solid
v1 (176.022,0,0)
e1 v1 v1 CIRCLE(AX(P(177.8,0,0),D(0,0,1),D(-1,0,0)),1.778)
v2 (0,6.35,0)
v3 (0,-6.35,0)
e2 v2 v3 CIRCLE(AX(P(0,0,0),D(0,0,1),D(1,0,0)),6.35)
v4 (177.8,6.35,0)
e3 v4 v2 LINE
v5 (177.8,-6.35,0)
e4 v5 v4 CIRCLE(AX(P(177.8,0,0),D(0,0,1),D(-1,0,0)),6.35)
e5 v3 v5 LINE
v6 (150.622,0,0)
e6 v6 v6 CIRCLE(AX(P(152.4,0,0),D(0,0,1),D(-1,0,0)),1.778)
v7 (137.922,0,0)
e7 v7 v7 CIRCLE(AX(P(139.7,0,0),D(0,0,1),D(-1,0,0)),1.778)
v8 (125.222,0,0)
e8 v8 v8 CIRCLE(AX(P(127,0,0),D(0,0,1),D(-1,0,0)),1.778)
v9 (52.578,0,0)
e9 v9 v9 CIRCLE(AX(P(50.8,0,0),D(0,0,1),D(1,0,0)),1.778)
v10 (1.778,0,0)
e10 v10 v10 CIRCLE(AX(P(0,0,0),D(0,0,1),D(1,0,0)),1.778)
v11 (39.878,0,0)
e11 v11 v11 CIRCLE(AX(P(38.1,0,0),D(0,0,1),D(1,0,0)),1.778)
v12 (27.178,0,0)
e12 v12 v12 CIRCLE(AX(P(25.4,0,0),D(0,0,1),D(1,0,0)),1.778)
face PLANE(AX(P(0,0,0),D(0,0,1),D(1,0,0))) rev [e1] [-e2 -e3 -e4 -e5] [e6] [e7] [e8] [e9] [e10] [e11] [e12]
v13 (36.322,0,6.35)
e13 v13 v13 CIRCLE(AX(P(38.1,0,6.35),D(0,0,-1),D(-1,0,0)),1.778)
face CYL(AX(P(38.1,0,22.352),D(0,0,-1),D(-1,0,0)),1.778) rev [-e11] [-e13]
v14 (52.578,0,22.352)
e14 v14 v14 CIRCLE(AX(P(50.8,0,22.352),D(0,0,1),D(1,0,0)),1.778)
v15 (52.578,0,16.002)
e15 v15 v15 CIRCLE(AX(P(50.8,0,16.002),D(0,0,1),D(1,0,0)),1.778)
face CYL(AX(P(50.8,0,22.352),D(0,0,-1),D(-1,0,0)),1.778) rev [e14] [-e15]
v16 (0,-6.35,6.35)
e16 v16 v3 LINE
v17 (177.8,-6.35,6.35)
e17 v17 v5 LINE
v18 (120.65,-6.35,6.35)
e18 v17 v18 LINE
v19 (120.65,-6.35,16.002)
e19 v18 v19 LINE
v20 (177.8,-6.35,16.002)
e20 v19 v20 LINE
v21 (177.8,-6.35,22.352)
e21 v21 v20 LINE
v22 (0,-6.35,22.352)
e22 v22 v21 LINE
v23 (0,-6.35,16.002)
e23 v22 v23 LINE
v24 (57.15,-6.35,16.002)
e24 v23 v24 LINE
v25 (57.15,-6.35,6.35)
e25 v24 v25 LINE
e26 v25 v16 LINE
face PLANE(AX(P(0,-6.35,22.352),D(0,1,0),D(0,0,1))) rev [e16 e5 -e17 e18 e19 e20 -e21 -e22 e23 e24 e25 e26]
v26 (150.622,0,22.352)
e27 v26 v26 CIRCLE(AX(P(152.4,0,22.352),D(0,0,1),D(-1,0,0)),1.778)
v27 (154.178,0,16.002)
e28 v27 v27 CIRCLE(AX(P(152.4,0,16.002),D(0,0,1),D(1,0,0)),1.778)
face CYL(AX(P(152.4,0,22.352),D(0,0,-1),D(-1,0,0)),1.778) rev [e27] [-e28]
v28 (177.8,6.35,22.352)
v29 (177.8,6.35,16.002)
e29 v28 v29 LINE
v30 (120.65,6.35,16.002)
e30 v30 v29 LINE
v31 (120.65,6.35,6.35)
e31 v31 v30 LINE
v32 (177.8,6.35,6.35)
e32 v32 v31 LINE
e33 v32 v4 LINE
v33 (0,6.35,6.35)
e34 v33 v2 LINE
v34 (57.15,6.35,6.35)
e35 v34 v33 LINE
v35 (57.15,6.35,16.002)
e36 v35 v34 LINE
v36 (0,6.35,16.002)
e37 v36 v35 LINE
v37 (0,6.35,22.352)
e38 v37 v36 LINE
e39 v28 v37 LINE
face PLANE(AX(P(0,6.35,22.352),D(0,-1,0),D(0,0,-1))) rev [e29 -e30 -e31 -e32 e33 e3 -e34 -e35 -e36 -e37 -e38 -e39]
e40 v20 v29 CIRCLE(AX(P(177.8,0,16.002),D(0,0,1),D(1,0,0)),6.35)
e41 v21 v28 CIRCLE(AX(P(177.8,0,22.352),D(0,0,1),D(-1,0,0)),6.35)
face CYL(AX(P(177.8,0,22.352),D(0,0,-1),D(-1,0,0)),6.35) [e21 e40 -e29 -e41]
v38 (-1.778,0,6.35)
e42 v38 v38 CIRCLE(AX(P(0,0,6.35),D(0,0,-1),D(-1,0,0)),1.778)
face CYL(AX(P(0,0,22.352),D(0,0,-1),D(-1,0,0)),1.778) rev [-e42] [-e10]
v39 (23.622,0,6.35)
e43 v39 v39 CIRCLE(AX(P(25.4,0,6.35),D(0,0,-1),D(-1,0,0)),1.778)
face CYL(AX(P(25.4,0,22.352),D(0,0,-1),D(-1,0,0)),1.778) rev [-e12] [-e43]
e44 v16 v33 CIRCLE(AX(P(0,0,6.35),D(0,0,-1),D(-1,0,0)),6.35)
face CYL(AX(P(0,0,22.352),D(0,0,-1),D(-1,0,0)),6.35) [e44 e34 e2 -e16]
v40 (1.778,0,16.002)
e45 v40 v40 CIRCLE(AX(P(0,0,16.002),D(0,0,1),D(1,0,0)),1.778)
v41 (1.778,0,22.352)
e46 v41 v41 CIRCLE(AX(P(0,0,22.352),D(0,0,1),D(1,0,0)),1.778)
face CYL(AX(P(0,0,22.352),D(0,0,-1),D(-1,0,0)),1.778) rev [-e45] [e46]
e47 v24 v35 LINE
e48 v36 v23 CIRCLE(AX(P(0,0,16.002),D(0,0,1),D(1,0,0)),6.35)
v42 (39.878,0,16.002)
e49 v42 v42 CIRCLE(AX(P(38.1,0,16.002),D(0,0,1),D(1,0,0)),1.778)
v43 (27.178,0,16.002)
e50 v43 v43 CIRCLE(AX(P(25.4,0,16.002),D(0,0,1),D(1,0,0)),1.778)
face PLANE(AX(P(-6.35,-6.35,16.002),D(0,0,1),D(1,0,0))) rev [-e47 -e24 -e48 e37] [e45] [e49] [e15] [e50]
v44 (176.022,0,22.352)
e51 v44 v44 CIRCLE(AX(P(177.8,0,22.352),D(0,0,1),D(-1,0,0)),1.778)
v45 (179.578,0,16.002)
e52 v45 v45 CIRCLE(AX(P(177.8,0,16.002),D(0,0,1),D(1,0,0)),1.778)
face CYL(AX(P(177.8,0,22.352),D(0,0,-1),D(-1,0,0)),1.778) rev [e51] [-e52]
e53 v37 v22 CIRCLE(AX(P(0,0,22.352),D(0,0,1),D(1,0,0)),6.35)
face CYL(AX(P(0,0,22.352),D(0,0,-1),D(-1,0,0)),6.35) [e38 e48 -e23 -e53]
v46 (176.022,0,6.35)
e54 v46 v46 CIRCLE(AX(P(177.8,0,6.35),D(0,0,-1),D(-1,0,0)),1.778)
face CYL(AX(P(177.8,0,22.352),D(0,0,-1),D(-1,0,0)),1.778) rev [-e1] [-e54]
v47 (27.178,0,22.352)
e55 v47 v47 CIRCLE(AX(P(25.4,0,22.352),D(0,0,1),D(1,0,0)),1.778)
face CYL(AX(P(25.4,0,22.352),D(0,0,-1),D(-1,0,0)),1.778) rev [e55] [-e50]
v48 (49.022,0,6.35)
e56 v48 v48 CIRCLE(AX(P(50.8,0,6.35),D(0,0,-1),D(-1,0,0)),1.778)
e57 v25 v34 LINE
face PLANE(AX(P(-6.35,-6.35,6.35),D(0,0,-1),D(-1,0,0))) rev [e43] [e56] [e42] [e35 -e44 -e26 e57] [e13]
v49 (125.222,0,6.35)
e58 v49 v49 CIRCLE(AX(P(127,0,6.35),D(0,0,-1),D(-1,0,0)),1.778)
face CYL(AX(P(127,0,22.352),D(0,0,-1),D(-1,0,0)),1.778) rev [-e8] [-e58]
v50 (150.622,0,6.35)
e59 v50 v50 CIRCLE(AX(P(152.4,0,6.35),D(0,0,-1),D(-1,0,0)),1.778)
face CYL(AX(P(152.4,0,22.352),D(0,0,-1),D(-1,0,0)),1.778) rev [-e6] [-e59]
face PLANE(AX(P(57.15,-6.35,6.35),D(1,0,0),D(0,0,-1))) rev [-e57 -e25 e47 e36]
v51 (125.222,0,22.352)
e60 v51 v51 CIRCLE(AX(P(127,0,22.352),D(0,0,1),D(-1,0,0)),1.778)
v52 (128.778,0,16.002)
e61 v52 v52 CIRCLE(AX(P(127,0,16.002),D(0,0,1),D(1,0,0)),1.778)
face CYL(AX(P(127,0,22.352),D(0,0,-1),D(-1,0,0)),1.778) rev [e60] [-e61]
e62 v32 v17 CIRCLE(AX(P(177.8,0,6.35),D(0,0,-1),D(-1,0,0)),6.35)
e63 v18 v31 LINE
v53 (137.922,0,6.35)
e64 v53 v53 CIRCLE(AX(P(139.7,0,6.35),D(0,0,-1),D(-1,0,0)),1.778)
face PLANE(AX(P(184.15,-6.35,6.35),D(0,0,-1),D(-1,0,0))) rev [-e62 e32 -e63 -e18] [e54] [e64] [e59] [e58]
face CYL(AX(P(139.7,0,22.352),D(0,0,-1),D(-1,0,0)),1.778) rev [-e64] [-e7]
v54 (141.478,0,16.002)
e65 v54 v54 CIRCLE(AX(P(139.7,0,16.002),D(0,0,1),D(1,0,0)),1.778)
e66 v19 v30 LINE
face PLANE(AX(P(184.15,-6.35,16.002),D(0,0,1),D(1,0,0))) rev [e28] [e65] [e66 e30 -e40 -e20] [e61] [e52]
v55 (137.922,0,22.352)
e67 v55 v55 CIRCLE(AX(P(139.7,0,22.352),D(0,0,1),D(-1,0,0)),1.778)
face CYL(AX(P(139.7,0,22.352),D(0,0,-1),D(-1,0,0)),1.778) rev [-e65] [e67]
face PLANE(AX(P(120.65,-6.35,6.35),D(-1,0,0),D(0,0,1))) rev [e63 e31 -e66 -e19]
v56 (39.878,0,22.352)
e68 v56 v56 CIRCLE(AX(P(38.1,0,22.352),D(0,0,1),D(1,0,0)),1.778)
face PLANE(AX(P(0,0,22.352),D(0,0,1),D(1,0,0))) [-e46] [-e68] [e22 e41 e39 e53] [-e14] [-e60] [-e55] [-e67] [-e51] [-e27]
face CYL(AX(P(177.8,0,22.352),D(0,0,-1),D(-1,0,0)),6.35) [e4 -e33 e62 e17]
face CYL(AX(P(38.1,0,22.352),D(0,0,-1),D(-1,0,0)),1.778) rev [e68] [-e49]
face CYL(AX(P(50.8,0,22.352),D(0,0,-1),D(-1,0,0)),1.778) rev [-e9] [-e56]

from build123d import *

# Parameters (mm, degrees)
SKETCH2_R               = 1.778
BOSS_EXTRUDE1_DEPTH     = 22.352
CUT_EXTRUDE1_DEPTH      = 186.610228447
CUT_EXTRUDE1_DEPTH_BACK = 186.610228447
SKETCH3_W               = 63.5
SKETCH3_H               = 9.652


with BuildPart() as part:
    # Sketch2 → Boss-Extrude1 (new body)
    with BuildSketch(Plane.XY):
        with BuildLine():
            Line((0, 6.35), (177.8, 6.35))
            ThreePointArc((177.8, 6.35), (184.15, 0), (177.8, -6.35))
            Line((177.8, -6.35), (0, -6.35))
            ThreePointArc((0, -6.35), (-6.35, 0), (0, 6.35))
        make_face()
        Circle(SKETCH2_R, mode=Mode.SUBTRACT)
        with Locations((25.4, 0)):
            Circle(SKETCH2_R, mode=Mode.SUBTRACT)
        with Locations((38.1, 0)):
            Circle(SKETCH2_R, mode=Mode.SUBTRACT)
        with Locations((50.8, 0)):
            Circle(SKETCH2_R, mode=Mode.SUBTRACT)
        with Locations(Location((127, 0, 0), (0, 0, 180))):
            Circle(SKETCH2_R, mode=Mode.SUBTRACT)
        with Locations(Location((139.7, 0, 0), (0, 0, 180))):
            Circle(SKETCH2_R, mode=Mode.SUBTRACT)
        with Locations(Location((152.4, 0, 0), (0, 0, 180))):
            Circle(SKETCH2_R, mode=Mode.SUBTRACT)
        with Locations(Location((177.8, 0, 0), (0, 0, 180))):
            Circle(SKETCH2_R, mode=Mode.SUBTRACT)
    extrude(amount=BOSS_EXTRUDE1_DEPTH)

    # Sketch3 → Cut-Extrude1 (cut, two sides: drawn at the far end of the back side and taken through both)
    with BuildSketch(Plane(origin=(0, 0, 0), x_dir=(1, 0, 0), z_dir=(0, 1, 0)).offset(-CUT_EXTRUDE1_DEPTH_BACK)):
        with Locations((25.4, -11.176)):
            Rectangle(SKETCH3_W, SKETCH3_H)
        with Locations((152.4, -11.176)):
            Rectangle(SKETCH3_W, SKETCH3_H)
    extrude(amount=CUT_EXTRUDE1_DEPTH + CUT_EXTRUDE1_DEPTH_BACK, mode=Mode.SUBTRACT)


solid = part.part
